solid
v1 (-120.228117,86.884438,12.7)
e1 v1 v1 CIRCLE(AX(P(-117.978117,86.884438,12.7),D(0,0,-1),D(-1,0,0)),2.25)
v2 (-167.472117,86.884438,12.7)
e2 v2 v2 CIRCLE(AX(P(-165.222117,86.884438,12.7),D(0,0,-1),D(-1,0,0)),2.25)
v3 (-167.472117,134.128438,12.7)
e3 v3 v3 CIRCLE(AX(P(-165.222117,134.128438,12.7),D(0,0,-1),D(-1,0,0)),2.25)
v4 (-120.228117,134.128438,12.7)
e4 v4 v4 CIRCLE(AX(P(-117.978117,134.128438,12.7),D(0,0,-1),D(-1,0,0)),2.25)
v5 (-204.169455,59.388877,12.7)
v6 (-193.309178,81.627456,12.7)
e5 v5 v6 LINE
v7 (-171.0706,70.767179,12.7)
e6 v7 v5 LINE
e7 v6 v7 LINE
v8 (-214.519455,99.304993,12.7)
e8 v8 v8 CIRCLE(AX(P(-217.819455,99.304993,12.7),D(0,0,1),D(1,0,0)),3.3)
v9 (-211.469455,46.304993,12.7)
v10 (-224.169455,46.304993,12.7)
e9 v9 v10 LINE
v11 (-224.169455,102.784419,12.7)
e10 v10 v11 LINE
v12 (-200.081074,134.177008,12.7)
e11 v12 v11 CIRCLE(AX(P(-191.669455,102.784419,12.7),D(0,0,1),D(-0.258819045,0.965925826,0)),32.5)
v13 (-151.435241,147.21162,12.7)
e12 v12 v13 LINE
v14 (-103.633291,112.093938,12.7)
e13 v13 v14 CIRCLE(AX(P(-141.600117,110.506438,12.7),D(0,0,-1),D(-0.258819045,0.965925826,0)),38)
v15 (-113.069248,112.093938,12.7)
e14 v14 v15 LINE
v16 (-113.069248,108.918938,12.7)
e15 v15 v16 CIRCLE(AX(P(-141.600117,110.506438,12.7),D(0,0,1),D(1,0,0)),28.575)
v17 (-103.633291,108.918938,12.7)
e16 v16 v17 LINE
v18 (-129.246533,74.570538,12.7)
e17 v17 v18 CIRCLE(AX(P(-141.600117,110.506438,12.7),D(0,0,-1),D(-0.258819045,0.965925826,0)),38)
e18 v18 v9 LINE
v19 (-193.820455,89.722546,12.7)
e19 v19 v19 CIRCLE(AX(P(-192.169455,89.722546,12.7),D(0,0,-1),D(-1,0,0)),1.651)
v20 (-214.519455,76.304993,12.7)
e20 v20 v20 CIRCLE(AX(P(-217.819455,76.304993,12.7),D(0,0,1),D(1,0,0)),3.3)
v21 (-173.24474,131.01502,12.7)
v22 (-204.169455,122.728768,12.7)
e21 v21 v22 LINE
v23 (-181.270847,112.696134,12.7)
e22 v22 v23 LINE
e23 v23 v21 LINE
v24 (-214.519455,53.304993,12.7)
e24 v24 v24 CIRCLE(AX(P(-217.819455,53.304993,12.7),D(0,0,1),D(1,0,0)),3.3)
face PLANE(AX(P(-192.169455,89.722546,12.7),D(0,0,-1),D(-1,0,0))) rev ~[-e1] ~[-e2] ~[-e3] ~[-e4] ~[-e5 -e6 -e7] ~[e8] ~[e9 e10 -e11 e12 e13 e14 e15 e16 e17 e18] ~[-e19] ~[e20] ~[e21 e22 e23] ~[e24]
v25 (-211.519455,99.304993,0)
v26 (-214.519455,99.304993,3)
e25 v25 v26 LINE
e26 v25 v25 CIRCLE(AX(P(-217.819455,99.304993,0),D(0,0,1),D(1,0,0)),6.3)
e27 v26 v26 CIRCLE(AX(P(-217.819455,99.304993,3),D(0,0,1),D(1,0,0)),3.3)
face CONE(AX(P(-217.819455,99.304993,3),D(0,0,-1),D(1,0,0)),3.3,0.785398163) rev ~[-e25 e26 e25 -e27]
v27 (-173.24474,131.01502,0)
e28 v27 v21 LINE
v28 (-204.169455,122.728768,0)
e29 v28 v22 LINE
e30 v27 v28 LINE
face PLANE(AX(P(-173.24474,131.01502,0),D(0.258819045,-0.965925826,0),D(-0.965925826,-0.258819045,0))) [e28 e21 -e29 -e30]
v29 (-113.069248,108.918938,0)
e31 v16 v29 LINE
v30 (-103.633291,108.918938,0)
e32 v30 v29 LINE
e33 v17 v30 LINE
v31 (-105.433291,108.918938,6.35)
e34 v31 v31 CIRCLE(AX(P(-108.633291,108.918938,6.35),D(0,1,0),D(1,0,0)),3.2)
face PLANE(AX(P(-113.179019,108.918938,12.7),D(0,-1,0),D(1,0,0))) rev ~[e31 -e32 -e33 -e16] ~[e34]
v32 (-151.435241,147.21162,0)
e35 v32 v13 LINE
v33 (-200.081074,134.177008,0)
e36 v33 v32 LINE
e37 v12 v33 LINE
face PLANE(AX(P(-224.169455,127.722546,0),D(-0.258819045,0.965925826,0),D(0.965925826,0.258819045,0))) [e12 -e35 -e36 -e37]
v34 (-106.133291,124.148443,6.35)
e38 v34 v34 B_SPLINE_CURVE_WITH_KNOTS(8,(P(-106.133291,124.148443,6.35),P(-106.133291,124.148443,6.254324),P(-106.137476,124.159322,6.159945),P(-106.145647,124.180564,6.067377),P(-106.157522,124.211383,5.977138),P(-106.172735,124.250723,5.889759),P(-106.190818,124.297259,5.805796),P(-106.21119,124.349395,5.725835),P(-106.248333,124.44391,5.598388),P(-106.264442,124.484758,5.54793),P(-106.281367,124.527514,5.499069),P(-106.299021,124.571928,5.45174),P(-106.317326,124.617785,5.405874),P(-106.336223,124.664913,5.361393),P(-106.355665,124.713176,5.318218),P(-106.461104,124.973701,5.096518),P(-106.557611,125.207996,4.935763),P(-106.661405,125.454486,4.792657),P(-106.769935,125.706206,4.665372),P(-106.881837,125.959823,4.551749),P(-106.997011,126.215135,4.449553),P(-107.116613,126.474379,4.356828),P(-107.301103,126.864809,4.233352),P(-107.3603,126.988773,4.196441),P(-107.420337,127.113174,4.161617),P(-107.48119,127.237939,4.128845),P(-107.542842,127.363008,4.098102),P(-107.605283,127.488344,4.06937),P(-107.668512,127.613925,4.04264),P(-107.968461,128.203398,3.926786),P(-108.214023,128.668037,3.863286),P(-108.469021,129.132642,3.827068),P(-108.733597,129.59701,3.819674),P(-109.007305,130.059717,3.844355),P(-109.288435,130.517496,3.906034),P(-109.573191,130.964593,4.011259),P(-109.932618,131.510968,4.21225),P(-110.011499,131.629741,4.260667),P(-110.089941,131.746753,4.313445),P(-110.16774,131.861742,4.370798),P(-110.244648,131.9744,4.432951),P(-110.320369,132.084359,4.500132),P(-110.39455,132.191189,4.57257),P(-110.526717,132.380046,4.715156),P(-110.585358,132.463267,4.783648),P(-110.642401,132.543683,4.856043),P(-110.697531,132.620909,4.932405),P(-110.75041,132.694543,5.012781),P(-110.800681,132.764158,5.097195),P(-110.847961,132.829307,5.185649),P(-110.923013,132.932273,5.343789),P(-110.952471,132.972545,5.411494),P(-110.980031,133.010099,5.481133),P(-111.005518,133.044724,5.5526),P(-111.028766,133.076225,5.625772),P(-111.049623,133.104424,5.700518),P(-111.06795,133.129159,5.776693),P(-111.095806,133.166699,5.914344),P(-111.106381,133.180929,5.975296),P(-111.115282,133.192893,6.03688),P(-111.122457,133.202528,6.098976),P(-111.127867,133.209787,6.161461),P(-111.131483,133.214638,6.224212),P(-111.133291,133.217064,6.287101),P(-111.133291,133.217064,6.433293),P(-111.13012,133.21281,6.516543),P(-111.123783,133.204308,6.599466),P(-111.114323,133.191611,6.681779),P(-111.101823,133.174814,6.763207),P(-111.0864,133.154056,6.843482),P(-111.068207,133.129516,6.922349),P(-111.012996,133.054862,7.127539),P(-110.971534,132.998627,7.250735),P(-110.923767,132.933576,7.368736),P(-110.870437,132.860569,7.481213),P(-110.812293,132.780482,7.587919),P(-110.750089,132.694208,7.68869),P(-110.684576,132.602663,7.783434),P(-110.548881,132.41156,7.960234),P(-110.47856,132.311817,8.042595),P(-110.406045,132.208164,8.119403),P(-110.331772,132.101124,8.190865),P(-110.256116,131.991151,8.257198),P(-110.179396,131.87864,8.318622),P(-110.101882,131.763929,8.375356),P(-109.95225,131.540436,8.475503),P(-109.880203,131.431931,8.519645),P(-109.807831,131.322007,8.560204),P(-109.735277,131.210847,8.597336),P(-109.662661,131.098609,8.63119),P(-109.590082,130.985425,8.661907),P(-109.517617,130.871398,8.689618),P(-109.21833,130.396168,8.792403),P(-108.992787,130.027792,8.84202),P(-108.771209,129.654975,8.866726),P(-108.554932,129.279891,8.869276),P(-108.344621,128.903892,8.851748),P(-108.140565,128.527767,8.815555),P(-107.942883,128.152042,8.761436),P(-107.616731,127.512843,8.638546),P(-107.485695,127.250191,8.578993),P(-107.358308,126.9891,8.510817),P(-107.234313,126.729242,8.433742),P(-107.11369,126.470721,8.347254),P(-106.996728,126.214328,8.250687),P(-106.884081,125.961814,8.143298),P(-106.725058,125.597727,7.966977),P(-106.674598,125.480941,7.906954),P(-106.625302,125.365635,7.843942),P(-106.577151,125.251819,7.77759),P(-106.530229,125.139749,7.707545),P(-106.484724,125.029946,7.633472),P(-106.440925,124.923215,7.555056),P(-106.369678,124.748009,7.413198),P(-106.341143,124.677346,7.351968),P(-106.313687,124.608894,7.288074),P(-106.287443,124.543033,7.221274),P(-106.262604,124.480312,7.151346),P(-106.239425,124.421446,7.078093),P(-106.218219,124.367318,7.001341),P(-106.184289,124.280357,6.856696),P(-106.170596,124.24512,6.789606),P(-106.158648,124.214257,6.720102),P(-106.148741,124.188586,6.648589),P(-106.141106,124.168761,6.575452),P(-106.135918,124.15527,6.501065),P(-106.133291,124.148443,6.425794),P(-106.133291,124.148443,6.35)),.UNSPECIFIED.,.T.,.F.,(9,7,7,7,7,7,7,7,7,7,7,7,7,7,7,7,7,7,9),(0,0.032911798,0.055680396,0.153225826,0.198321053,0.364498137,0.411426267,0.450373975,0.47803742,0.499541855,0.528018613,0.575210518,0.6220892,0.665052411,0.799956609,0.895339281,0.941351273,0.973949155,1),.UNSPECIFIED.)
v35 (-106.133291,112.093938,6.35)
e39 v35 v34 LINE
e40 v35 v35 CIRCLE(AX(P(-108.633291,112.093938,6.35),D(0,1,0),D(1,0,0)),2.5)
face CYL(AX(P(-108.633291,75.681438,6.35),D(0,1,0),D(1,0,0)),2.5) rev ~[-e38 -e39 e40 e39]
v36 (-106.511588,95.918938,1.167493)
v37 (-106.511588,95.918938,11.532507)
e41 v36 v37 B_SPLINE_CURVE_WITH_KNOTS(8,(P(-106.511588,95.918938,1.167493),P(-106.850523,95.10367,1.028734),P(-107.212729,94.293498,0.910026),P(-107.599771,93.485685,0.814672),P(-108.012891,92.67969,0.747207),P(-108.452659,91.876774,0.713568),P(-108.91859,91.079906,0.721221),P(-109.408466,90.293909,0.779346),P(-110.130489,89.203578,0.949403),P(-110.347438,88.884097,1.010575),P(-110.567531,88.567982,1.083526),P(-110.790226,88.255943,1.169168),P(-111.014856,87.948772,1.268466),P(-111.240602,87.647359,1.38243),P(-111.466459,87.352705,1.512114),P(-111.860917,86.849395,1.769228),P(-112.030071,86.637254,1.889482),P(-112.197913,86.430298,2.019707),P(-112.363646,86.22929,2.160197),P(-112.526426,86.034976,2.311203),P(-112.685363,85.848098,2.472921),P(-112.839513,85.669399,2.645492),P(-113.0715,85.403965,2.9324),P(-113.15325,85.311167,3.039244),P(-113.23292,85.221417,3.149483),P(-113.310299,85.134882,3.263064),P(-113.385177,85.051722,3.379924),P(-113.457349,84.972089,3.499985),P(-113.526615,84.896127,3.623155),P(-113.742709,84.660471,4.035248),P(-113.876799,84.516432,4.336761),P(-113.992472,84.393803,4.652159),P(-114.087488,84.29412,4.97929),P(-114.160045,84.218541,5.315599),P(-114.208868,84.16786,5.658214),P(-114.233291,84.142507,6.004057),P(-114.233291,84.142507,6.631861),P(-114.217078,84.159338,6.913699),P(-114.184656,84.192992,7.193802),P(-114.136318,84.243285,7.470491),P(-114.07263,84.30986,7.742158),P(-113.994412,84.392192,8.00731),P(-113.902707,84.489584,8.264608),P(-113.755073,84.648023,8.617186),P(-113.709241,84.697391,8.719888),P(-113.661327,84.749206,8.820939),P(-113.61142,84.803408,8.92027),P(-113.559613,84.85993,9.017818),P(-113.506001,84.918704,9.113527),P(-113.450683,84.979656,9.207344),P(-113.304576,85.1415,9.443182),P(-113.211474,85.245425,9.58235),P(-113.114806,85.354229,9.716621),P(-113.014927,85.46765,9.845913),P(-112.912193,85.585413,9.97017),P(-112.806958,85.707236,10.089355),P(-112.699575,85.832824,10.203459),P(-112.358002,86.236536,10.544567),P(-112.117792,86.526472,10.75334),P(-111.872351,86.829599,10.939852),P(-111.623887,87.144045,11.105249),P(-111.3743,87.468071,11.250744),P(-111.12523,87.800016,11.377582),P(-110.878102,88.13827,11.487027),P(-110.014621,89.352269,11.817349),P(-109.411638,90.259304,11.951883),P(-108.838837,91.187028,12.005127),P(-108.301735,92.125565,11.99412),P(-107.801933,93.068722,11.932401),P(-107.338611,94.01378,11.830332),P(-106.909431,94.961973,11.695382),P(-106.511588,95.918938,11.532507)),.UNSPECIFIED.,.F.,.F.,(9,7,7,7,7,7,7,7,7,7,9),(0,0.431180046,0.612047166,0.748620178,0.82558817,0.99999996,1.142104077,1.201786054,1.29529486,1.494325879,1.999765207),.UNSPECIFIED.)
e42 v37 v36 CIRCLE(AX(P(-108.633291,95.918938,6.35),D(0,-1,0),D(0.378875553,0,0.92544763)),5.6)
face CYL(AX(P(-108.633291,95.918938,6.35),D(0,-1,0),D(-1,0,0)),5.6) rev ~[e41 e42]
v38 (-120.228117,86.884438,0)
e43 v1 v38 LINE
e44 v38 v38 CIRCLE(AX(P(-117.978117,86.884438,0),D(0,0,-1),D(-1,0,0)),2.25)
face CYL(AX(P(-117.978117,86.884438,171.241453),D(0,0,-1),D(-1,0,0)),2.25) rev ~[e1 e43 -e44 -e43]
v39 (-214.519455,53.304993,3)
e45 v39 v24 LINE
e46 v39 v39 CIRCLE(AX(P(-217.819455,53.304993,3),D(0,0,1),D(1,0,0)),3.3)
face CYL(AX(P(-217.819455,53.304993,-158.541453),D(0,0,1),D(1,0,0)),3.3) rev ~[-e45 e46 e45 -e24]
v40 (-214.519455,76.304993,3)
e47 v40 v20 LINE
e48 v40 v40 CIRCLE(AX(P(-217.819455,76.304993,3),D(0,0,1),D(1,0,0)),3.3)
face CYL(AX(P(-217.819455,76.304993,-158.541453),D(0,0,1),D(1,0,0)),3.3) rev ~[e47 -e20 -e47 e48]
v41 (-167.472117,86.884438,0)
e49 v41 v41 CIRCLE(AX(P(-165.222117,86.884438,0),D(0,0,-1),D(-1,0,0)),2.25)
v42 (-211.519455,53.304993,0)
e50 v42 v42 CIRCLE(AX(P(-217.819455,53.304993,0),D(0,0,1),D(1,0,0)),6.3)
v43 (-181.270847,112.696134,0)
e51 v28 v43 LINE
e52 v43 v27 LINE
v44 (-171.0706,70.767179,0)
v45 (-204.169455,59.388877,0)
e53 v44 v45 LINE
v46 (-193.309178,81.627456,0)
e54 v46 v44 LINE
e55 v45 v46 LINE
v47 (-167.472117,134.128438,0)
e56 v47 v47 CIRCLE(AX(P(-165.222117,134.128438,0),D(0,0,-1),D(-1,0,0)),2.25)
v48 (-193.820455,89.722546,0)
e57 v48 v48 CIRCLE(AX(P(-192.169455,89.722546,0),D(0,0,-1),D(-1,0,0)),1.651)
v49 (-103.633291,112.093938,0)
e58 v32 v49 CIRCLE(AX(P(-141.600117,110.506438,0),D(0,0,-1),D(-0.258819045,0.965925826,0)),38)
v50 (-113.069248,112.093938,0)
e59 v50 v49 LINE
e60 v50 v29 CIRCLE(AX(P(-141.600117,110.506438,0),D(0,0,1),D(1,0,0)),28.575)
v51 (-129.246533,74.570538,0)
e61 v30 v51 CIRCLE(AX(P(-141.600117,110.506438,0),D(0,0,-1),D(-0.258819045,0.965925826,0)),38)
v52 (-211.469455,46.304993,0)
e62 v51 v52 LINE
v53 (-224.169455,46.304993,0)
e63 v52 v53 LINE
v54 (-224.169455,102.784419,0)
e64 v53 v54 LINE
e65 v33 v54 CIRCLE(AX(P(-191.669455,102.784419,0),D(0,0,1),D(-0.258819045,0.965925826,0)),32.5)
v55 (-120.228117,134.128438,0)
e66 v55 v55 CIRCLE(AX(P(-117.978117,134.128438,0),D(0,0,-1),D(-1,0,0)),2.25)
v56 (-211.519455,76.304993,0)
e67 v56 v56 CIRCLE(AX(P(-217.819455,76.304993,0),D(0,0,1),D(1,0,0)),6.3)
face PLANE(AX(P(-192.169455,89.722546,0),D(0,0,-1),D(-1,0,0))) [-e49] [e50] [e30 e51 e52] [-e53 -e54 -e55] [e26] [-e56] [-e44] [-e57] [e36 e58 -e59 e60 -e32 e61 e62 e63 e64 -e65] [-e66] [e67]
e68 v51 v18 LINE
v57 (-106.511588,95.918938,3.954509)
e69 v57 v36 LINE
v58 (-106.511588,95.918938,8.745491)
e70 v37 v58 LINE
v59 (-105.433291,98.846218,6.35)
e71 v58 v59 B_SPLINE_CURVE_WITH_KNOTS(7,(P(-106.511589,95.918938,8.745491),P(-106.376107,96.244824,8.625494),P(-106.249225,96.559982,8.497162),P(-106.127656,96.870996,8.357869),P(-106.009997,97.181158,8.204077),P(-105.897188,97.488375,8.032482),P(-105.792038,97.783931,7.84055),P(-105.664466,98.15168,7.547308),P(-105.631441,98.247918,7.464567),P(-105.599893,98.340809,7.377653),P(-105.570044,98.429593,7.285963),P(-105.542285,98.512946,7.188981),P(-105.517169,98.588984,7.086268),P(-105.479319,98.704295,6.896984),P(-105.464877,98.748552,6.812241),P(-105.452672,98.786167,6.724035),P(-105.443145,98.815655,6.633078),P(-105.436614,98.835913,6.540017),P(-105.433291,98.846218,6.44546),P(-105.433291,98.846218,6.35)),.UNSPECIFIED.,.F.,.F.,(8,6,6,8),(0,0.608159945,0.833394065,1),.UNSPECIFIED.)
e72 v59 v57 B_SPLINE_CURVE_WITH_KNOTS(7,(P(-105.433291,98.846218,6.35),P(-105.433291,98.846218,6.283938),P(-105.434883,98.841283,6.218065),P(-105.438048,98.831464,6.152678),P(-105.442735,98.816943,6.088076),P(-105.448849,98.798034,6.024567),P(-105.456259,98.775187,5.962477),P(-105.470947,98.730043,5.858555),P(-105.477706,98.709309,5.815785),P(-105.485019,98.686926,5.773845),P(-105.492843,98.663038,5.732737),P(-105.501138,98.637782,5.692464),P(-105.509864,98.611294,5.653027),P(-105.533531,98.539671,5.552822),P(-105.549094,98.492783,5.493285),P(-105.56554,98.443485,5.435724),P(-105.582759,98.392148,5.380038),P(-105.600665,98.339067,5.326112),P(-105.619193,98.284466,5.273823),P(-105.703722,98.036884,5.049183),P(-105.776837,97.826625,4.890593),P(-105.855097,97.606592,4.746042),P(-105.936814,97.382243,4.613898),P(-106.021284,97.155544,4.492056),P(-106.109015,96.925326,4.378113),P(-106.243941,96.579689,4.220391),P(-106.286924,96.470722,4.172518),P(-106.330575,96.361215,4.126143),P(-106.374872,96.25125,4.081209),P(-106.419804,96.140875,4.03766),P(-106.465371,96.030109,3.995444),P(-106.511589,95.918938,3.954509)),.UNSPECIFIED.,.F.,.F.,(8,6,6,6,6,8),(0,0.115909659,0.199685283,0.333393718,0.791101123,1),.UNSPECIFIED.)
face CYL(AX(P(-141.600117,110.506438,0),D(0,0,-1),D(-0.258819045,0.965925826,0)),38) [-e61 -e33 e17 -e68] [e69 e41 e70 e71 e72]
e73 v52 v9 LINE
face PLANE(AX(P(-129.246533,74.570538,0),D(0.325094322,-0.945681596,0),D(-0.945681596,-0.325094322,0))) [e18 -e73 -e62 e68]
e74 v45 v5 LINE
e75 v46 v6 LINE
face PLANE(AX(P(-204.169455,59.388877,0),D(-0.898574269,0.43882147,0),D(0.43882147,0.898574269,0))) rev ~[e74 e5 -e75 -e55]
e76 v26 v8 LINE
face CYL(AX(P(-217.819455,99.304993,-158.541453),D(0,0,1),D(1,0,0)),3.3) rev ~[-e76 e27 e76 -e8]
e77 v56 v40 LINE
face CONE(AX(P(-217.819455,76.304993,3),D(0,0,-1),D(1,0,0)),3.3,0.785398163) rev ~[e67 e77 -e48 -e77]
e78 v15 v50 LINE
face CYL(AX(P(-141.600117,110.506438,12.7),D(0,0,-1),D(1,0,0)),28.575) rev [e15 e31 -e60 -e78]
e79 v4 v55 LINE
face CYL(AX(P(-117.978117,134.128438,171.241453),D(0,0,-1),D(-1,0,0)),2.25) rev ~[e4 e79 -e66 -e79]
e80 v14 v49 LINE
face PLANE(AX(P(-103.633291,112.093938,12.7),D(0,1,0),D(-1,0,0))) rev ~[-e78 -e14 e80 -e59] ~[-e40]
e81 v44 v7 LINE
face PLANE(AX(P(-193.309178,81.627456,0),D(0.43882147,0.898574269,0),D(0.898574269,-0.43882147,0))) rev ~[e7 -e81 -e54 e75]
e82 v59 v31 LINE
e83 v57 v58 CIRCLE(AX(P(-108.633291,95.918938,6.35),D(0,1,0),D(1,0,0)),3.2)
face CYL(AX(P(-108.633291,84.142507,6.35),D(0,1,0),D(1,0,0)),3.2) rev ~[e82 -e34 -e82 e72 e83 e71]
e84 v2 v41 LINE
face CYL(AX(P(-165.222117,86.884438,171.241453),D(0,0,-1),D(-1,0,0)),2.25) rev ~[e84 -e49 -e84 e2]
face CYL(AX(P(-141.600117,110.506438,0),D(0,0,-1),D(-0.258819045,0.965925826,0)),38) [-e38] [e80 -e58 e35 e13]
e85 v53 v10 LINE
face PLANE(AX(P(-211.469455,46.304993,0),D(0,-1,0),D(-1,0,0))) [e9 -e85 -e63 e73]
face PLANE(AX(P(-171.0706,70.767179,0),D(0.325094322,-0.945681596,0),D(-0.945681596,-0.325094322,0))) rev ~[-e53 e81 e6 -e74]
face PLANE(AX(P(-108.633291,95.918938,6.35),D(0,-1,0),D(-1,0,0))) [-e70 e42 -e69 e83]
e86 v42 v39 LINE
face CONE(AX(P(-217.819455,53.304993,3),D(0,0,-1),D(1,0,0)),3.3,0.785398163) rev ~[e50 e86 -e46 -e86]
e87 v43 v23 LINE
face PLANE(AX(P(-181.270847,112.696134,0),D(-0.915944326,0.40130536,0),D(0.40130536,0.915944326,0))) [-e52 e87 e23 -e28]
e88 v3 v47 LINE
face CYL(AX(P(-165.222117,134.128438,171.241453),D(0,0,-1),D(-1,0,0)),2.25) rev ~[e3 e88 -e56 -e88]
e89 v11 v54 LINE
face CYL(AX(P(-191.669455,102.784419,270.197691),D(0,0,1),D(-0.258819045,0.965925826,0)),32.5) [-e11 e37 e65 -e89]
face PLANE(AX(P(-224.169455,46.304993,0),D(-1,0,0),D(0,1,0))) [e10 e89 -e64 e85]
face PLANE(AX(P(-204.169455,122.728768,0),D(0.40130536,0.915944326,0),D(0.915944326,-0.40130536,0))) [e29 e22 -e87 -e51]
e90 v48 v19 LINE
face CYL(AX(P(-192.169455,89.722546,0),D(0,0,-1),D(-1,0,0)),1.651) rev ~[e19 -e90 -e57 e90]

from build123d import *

# Parameters (mm, degrees)
BOSS_EXTRUDE1_DEPTH        = 12.7
CUT_EXTRUDE1_DEPTH         = 270.1976912701424
F_8_CLEARANCE_HOLE1_D      = 4.5
F_1_4_CLEARANCE_HOLE1_D    = 6.6
F_12_CLEARANCE_HOLE1_D     = 6
HOLE1_D                    = 6.4
HOLE1_DEPTH                = 24.77643101
HOLE1_CBORE_D              = 11.2
HOLE1_CBORE_DEPTH          = 11.77643101
F_10_CLEARANCE_HOLE1_D     = 5
F_10_CLEARANCE_HOLE1_DEPTH = 36.4125
CHAMFER1_SIZE              = 3.0000000000270917
SKETCH14_R                 = 2.9999999999999645
SKETCH14_R_2               = 1.6510000000000182
BOSS_EXTRUDE2_DEPTH        = 12.7
FILLET_1_R                 = 10
CUT_EXTRUDE_1_DEPTH        = 270.1976913300265
CUT_EXTRUDE_1_DEPTH_BACK   = 270.1976913300265
CUT_EXTRUDE_2_DEPTH        = 270.1976913300265


with BuildPart() as part:
    # Sketch1 → Boss-Extrude1 (new body)
    with BuildSketch(Plane(origin=(0, 0, 0), x_dir=(-1, 0, 0), z_dir=(0, 0, -1))):
        with BuildLine():
            Line((224.16945546503186, 127.72254562005153), (151.435240745465, 147.21161971627112))
            ThreePointArc((151.435240745465, 147.21161971627112), (105.25775385063858, 121.60745801933766), (129.24653278741587, 74.57053765621215))
            Line((129.24653278741587, 74.57053765621215), (211.46945546503187, 46.304993077870854))
            Line((211.46945546503187, 46.304993077870854), (224.16945546503186, 46.304993077870854))
            Line((224.16945546503186, 46.304993077870854), (224.16945546503186, 127.72254562005153))
        make_face()
    extrude(amount=-BOSS_EXTRUDE1_DEPTH)

    # Sketch2 → Cut-Extrude1 (cut, through all)
    with BuildSketch(Plane.XY.offset(12.7)):
        with BuildLine():
            Line((-103.63329146305492, 112.0939383172865), (-113.17901851462243, 112.0939383172865))
            ThreePointArc((-113.17901851462243, 112.0939383172865), (-113.13471703156931, 110.50643831728651), (-113.17901851462243, 108.9189383172865))
            Line((-113.17901851462243, 108.9189383172865), (-103.6332914630549, 108.91893831728652))
            ThreePointArc((-103.6332914630549, 108.91893831728652), (-103.60011703156931, 110.50643831728651), (-103.63329146305492, 112.0939383172865))
        make_face()
    extrude(amount=-CUT_EXTRUDE1_DEPTH, mode=Mode.SUBTRACT)

    # Sketch3 → Cut-Revolve1 (revolve, cut)
    with BuildSketch(Plane(origin=(0, 110.50643831728648, 0), x_dir=(1, 0, 0), z_dir=(0, 1, 0))):
        Polygon((-113.02511703156932, 3.5e-15), (-141.60011703156934, 0), (-141.60011703156934, -12.7), (-113.02511703156932, -12.7), align=None)
    revolve(axis=Axis((-141.60011703156934, 110.50643831728648, 0), (0, 0, 1)), mode=Mode.SUBTRACT)

    # #8 Clearance Hole1 (through all)
    with Locations(Plane.XY.offset(12.7)):
        with Locations((-117.978117032, 86.884438317), (-165.222117032, 86.884438317), (-165.222117032, 134.128438317), (-117.978117032, 134.128438317)):
            Hole(F_8_CLEARANCE_HOLE1_D / 2)

    # 1/4 Clearance Hole1 (through all)
    with Locations(Plane(origin=(0, 0, 0), x_dir=(-1, 0, 0), z_dir=(0, 0, -1))):
        with Locations((217.819455465, 53.304993078), (217.819455465, 76.304993078), (217.819455465, 99.304993078)):
            Hole(F_1_4_CLEARANCE_HOLE1_D / 2)

    # #12 Clearance Hole1 (through all)
    with Locations(Plane.XY.offset(12.7)):
        with Locations((-192.169455465, 89.72254562)):
            Hole(F_12_CLEARANCE_HOLE1_D / 2)

    # Hole1
    with Locations(Plane(origin=(0, 84.14250730723957, 0), x_dir=(-1, 0, 0), z_dir=(0, -1, 0))):
        with Locations((108.633291463, -6.35)):
            CounterBoreHole(HOLE1_D / 2, HOLE1_CBORE_D / 2, HOLE1_CBORE_DEPTH, depth=HOLE1_DEPTH)

    # #10 Clearance Hole1
    with Locations(Plane(origin=(0, 112.0939383172865, 0), x_dir=(-1, 0, 0), z_dir=(0, -1, 0))):
        with Locations((108.633291463, -6.35)):
            Hole(F_10_CLEARANCE_HOLE1_D / 2, depth=F_10_CLEARANCE_HOLE1_DEPTH)

    # Chamfer1
    chamfer1_edges = [part.edges().sort_by_distance(p)[0] for p in [
        (-221.11945546500002, 99.304993078, 0),
        (-221.11945546500002, 76.304993078, 0),
        (-221.11945546500002, 53.304993078, 0),
    ]]
    chamfer(chamfer1_edges, length=CHAMFER1_SIZE)

    # Sketch14 → Boss-Extrude2 (add)
    with BuildSketch(Plane(origin=(0, 0, 0), x_dir=(-1, 0, 0), z_dir=(0, 0, -1))):
        with Locations((192.16945546503186, 89.72254562005152)):
            Circle(SKETCH14_R)
        with Locations((192.16945546503186, 89.72254562005152)):
            Circle(SKETCH14_R_2, mode=Mode.SUBTRACT)
    extrude(amount=-BOSS_EXTRUDE2_DEPTH)

    # 圆角1
    fillet_1_edges = [part.edges().sort_by_distance(p)[0] for p in [
        (-224.16945546503186, 127.72254562005153, 6.35),
    ]]
    fillet(fillet_1_edges, radius=FILLET_1_R)

    # 草图1 → 切除-拉伸1 (cut, two sides: drawn at the far end of the back side and taken through both)
    with BuildSketch(Plane(origin=(0, 0, 0), x_dir=(-1, 0, 0), z_dir=(0, 0, -1)).offset(-CUT_EXTRUDE_1_DEPTH_BACK)):
        with BuildLine():
            Line((499.3977697015972, 53.97534108618588), (216.75764591605704, 129.7085340031526))
            Line((216.75764591605704, 129.7085340031526), (200.08107443086368, 134.17700786512998))
            ThreePointArc((200.08107443086368, 134.17700786512998), (217.45343902449696, 122.56916495351871), (224.16945546503186, 102.78441851073525))
            Line((224.16945546503186, 102.78441851073525), (224.16945546503186, 120.04927574026192))
            Line((224.16945546503186, 120.04927574026192), (224.16945546503186, 412.65986352358874))
            Line((224.16945546503186, 412.65986352358874), (-240.11771897993546, 56.399784399468274))
            Line((-240.11771897993546, 56.399784399468274), (35.11059525662989, -302.2847380379346))
            Line((35.11059525662989, -302.2847380379346), (499.3977697015972, 53.97534108618588))
        make_face()
    extrude(amount=CUT_EXTRUDE_1_DEPTH + CUT_EXTRUDE_1_DEPTH_BACK, mode=Mode.SUBTRACT)

    # 草图2 → 切除-拉伸2 (cut, through all)
    with BuildSketch(Plane(origin=(0, 0, 0), x_dir=(-1, 0, 0), z_dir=(0, 0, -1))):
        Polygon((171.07059959298968, 70.76717861409958), (204.1694554650319, 59.388877336589836), (193.30917816776565, 81.6274559113658), align=None)
        Polygon((181.27084732320867, 112.69613365514031), (173.24474011566244, 131.01502016859888), (204.1694554650319, 122.72876766457311), align=None)
    extrude(amount=-CUT_EXTRUDE_2_DEPTH, mode=Mode.SUBTRACT)


solid = part.part
